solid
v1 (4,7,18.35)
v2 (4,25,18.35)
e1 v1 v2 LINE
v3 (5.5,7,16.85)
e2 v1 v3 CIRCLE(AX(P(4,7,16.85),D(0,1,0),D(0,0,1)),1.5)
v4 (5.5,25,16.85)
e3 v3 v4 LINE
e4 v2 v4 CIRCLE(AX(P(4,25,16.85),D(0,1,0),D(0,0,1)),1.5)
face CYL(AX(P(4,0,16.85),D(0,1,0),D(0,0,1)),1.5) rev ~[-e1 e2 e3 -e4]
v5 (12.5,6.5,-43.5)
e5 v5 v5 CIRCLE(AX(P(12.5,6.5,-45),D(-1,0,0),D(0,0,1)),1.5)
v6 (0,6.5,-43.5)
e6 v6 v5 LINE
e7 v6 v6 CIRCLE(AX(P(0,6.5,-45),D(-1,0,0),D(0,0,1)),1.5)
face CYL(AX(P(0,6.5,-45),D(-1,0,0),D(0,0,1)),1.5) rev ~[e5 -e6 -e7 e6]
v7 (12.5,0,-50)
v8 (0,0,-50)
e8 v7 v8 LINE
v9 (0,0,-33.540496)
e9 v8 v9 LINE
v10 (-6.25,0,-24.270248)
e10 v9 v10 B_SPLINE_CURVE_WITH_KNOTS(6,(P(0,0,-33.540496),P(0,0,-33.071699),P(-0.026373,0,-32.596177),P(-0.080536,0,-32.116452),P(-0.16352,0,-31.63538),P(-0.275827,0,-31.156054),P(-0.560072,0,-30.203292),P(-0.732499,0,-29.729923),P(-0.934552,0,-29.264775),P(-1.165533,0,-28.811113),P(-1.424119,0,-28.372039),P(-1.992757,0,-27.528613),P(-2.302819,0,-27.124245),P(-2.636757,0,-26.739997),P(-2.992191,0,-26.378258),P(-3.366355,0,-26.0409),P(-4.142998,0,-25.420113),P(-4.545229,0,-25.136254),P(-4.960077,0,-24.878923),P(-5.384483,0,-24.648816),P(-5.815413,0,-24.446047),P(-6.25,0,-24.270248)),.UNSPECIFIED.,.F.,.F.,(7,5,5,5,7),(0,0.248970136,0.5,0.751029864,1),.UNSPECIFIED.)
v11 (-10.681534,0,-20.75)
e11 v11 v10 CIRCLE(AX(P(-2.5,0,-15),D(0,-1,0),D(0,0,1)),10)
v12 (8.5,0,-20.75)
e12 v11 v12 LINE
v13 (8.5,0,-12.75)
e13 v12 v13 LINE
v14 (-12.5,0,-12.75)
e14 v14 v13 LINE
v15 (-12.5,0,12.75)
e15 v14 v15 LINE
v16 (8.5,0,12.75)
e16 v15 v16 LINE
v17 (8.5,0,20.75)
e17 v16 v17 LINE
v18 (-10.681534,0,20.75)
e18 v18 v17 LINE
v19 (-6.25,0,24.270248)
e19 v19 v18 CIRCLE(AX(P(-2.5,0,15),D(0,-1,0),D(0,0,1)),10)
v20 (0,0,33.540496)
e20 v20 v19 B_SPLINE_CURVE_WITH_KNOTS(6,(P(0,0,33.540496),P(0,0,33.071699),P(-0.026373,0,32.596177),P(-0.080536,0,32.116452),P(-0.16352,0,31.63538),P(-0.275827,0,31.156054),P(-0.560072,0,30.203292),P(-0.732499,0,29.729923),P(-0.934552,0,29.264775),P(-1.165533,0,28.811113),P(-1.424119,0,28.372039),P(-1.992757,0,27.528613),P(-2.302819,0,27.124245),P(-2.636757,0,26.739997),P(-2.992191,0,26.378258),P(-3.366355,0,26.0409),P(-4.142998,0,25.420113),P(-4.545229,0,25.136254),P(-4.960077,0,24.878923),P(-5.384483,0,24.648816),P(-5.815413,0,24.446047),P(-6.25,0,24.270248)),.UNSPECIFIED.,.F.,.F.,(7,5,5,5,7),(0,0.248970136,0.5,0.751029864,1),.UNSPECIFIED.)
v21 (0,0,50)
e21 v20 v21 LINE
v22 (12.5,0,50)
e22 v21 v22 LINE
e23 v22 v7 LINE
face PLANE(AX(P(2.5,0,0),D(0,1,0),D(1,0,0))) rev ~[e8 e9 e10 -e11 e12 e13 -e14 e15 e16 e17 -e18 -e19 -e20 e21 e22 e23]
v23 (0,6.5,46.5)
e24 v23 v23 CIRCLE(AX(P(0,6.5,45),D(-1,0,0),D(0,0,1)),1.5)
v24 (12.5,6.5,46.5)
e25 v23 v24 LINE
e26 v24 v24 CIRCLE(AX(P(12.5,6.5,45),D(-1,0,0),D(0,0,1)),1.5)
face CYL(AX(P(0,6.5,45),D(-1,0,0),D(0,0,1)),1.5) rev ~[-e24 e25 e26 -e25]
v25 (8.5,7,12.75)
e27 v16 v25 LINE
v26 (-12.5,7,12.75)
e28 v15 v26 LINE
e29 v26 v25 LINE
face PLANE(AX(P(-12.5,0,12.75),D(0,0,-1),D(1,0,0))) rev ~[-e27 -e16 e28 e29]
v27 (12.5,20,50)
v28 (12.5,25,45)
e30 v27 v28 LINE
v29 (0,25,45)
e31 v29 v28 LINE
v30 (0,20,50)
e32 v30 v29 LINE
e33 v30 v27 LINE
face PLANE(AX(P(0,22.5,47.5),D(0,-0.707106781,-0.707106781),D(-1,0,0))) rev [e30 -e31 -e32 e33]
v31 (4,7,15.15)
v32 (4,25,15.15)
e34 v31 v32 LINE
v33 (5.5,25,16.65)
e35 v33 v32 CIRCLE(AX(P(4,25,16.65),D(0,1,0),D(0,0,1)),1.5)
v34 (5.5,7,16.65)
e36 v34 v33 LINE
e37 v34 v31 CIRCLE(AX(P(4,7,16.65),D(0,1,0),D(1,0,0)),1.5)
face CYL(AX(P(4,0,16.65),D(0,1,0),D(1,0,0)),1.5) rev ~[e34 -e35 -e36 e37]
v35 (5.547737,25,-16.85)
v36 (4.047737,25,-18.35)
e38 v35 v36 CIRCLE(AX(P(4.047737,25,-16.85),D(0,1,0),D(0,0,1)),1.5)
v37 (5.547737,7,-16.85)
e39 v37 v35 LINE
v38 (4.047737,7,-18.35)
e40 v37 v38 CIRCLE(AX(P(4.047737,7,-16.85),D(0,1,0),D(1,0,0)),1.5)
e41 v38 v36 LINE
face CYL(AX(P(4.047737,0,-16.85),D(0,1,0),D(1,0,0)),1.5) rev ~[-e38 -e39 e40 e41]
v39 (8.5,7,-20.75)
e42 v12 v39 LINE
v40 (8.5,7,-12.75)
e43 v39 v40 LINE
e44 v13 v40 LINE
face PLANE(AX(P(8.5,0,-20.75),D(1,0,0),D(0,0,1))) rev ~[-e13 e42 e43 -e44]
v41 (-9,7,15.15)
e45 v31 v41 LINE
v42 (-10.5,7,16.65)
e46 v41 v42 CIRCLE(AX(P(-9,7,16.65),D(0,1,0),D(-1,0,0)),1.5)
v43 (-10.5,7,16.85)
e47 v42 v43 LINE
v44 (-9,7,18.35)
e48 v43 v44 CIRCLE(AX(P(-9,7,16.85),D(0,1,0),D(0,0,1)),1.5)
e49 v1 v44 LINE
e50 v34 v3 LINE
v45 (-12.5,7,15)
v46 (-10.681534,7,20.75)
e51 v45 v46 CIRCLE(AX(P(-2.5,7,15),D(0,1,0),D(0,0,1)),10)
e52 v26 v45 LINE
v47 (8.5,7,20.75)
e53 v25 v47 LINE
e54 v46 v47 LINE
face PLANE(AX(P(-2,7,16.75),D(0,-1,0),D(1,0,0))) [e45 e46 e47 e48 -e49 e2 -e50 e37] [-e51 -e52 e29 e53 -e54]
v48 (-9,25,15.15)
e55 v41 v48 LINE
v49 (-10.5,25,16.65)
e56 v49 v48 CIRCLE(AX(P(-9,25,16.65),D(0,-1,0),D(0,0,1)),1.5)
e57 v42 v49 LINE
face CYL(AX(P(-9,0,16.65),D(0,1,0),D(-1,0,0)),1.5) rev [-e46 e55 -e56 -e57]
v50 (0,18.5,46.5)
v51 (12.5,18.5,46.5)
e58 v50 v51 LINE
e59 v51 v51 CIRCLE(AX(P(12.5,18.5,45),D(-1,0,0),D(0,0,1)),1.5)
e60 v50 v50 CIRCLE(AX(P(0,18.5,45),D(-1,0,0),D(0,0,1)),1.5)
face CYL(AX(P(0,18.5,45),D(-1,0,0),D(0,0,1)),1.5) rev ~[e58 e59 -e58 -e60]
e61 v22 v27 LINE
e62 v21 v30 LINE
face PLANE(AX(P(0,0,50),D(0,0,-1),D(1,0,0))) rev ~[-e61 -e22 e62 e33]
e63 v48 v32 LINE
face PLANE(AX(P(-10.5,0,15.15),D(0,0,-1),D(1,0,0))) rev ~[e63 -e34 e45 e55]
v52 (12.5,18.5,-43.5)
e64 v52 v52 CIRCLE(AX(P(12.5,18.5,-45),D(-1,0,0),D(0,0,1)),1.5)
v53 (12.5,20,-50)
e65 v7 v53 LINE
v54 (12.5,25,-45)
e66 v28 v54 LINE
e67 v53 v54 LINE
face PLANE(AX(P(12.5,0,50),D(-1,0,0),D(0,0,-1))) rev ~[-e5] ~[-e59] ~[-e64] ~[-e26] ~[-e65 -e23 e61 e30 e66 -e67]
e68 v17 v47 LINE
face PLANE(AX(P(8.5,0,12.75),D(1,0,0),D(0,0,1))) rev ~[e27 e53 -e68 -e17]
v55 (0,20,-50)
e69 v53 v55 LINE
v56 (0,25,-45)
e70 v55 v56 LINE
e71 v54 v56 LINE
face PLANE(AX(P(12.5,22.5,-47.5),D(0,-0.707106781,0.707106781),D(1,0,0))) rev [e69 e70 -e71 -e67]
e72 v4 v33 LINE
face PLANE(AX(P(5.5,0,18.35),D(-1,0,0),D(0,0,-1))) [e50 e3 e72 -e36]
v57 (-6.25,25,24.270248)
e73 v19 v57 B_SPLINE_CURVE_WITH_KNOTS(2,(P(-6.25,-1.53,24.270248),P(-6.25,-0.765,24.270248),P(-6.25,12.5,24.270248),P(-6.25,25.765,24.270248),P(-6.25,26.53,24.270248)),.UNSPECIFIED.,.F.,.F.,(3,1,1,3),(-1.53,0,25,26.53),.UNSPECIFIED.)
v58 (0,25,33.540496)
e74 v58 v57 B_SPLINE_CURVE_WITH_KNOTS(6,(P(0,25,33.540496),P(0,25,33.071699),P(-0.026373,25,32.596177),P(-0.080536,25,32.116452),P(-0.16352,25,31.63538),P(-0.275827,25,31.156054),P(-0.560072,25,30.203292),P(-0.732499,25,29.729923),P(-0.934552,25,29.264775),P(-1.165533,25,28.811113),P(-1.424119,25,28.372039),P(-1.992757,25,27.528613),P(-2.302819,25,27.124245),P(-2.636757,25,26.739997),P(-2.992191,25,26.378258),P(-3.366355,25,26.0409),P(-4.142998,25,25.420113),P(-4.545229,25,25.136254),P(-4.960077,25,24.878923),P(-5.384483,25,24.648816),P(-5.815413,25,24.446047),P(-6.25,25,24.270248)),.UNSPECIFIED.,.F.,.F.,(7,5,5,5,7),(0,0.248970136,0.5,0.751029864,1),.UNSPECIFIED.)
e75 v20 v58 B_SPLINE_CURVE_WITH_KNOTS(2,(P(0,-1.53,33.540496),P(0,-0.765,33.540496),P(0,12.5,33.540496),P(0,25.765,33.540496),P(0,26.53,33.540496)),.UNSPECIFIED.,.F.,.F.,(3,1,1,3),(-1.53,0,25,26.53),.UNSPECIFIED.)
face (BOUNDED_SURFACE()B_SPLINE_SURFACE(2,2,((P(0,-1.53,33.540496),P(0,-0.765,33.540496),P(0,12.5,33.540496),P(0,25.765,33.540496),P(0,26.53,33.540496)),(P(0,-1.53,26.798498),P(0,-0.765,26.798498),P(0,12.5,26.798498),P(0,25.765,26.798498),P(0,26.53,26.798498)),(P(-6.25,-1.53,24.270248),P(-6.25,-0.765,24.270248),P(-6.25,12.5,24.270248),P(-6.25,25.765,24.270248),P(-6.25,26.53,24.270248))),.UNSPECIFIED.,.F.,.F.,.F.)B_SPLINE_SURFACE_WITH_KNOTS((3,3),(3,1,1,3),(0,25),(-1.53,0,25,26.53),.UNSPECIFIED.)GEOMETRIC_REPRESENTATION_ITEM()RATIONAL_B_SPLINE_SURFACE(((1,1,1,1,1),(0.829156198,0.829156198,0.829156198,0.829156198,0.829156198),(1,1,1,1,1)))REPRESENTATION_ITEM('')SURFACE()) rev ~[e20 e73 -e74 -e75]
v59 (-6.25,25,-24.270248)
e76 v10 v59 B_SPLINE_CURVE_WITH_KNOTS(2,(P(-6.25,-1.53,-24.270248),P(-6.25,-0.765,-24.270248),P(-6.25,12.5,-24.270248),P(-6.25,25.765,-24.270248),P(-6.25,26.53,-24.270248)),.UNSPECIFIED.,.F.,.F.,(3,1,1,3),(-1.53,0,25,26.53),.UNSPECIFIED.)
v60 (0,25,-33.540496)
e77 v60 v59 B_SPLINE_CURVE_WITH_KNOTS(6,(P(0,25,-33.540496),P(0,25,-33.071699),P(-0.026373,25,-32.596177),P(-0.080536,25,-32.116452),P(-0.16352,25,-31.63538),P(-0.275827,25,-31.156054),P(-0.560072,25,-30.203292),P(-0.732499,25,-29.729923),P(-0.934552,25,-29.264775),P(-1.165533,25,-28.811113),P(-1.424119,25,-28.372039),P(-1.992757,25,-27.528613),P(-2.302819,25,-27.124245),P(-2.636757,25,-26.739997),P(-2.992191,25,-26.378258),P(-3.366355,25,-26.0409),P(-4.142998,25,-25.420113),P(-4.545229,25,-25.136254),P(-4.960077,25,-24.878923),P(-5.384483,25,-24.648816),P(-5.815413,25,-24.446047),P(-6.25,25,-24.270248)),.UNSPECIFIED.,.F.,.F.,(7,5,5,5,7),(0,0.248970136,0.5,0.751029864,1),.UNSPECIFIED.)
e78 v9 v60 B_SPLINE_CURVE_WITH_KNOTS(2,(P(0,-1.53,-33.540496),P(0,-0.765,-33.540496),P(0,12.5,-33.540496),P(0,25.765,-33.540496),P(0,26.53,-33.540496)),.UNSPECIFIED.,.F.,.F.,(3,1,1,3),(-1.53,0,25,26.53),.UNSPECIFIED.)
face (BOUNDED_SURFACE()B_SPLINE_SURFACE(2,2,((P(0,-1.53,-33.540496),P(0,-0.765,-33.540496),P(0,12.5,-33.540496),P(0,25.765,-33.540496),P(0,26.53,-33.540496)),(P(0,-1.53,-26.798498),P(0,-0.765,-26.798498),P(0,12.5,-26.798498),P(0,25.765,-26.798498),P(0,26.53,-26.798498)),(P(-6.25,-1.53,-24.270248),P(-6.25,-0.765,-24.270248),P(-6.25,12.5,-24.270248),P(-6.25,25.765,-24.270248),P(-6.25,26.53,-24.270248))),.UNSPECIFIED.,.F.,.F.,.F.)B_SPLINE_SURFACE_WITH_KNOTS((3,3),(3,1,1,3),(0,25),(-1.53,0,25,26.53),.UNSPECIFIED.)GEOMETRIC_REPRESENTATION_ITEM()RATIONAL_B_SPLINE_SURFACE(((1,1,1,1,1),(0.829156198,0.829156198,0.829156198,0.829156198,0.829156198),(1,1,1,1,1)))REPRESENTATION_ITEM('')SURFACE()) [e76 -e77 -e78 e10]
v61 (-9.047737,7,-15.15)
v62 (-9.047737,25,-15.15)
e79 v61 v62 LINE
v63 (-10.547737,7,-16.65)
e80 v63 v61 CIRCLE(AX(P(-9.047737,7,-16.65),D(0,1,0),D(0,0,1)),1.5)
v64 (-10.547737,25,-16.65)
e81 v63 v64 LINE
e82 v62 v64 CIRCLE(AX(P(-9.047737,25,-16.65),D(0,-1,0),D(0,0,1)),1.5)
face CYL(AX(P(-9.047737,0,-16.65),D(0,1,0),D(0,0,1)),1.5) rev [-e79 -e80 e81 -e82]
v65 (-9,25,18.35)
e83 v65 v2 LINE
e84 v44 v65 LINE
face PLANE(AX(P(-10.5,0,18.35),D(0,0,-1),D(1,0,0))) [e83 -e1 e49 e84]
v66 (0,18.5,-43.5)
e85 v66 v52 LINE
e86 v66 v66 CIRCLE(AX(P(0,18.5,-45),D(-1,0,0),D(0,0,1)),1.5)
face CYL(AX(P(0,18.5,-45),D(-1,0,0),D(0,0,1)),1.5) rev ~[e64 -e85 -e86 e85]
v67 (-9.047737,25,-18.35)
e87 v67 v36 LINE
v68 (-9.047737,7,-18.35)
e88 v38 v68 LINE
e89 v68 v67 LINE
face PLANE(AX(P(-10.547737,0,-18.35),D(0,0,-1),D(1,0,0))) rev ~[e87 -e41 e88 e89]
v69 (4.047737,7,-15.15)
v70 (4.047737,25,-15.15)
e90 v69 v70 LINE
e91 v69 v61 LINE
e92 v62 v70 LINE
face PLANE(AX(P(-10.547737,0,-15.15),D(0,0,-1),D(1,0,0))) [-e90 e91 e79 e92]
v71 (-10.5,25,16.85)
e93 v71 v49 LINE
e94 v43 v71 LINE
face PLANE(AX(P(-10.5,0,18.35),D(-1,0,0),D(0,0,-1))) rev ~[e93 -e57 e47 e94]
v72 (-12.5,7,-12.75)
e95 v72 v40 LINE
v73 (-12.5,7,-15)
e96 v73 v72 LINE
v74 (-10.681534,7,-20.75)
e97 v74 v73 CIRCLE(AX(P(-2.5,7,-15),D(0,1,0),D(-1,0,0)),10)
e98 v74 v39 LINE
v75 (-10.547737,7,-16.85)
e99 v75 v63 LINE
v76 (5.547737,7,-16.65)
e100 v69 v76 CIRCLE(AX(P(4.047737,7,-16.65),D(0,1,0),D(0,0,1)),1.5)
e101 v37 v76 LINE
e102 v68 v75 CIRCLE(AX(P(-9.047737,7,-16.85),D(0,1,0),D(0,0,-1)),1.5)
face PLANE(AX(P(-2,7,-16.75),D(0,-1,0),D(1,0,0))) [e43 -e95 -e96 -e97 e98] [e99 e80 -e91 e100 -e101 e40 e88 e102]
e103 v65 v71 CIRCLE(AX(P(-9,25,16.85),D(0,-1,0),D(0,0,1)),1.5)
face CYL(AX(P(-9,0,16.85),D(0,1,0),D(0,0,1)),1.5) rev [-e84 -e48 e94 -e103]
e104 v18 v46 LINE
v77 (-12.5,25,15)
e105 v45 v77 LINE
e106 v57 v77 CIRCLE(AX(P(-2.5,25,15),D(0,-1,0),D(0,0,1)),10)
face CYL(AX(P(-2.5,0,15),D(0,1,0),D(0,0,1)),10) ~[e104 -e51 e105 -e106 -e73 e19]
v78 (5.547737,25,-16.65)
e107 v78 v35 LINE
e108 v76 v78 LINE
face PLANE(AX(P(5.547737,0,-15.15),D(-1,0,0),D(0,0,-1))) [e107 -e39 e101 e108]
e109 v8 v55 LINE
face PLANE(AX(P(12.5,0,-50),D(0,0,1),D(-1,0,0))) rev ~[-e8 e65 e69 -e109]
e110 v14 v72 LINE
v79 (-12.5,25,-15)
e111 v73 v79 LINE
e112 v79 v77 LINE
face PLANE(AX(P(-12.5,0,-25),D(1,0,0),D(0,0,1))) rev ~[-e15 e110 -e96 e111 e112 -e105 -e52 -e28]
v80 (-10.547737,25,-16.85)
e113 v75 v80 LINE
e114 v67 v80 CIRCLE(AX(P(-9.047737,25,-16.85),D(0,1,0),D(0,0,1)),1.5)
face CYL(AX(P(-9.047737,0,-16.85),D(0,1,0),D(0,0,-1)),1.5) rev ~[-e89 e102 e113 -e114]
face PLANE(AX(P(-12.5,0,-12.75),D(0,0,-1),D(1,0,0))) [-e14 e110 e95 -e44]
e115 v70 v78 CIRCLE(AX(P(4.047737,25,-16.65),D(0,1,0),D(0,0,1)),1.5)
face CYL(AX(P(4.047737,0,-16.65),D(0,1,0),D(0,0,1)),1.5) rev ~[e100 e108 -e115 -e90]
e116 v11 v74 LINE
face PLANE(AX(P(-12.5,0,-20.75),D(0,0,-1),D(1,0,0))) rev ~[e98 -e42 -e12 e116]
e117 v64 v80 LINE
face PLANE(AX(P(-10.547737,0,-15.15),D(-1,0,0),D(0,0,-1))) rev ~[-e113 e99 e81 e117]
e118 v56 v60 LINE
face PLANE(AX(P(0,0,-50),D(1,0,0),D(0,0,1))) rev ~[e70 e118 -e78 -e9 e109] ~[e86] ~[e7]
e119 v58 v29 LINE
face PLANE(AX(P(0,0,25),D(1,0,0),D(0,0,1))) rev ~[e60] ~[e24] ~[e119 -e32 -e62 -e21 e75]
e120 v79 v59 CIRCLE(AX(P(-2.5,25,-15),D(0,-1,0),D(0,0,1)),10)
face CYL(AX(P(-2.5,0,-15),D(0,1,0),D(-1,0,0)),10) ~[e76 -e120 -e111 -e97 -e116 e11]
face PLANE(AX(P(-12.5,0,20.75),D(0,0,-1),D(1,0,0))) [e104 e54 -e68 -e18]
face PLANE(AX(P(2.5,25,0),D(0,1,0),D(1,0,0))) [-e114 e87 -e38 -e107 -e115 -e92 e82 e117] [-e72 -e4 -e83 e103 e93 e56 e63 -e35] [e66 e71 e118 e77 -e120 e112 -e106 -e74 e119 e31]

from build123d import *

# Parameters (mm, degrees)
SKETCH_1_W          = 16
SKETCH_1_H          = 3.2
SKETCH_1_W_2        = 16.095473014
EXTRUDE_1_DEPTH     = 25
SKETCH_2_R          = 1.5
CUT_EXTRUDE_1_DEPTH = 13.5
SKETCH_3_R          = 1.5
CUT_EXTRUDE_2_DEPTH = 13.5
FILLET_6_R          = 10
FILLET_7_R          = 1.5
CHAMFER_1_SIZE      = 5
FILLET_8_R          = 10
SKETCH1_W           = 21
SKETCH1_H           = 8
CUT_EXTRUDE1_DEPTH  = 7


with BuildPart() as part:
    # Эскиз1 → Бобышка-Вытянуть1 (new body)
    with BuildSketch(Plane(origin=(0, 0, 0), x_dir=(1, 0, 0), z_dir=(0, 1, 0))):
        Polygon((-12.5, -25), (0, -25), (0, -50), (12.5, -50), (12.5, 50), (0, 50), (0, 25), (-12.5, 25), align=None)
        with Locations((-2.5, -16.75)):
            Rectangle(SKETCH_1_W, SKETCH_1_H, mode=Mode.SUBTRACT)
        with Locations((-2.5, 16.75)):
            Rectangle(SKETCH_1_W_2, SKETCH_1_H, mode=Mode.SUBTRACT)
    extrude(amount=EXTRUDE_1_DEPTH)

    # Эскиз2 → Вырез-Вытянуть1 (cut, through all)
    with BuildSketch(Plane.ZY):
        with Locations((-45, 6.5)):
            Circle(SKETCH_2_R)
        with Locations((-45, 18.5)):
            Circle(SKETCH_2_R)
    extrude(amount=-CUT_EXTRUDE_1_DEPTH, mode=Mode.SUBTRACT)

    # Эскиз3 → Вырез-Вытянуть2 (cut, through all)
    with BuildSketch(Plane.ZY):
        with Locations((45, 6.5)):
            Circle(SKETCH_3_R)
        with Locations((45, 18.5)):
            Circle(SKETCH_3_R)
    extrude(amount=-CUT_EXTRUDE_2_DEPTH, mode=Mode.SUBTRACT)

    # Скругление6
    fillet_6_edges = [part.edges().sort_by_distance(p)[0] for p in [
        (-12.5, 12.5, 25),
        (-12.5, 12.5, -25),
    ]]
    fillet(fillet_6_edges, radius=FILLET_6_R)

    # Скругление7
    fillet_7_edges = [part.edges().sort_by_distance(p)[0] for p in [
        (-10.5, 12.5, 15.15),
        (-10.5, 12.5, 18.35),
        (5.5, 12.5, 18.35),
        (5.5, 12.5, 15.15),
        (-10.547736507, 12.5, -18.35),
        (-10.547736507, 12.5, -15.15),
        (5.547736507, 12.5, -15.15),
        (5.547736507, 12.5, -18.35),
    ]]
    fillet(fillet_7_edges, radius=FILLET_7_R)

    # Фаска1
    chamfer_1_edges = [part.edges().sort_by_distance(p)[0] for p in [
        (6.25, 25, 50),
        (6.25, 25, -50),
    ]]
    chamfer(chamfer_1_edges, length=CHAMFER_1_SIZE)

    # Скругление8
    fillet_8_edges = [part.edges().sort_by_distance(p)[0] for p in [
        (0, 12.5, 25),
        (0, 12.5, -25),
    ]]
    fillet(fillet_8_edges, radius=FILLET_8_R)

    # Sketch1 → Cut-Extrude1 (cut)
    with BuildSketch(Plane.XZ):
        with Locations((-2, 16.75)):
            Rectangle(SKETCH1_W, SKETCH1_H)
        with Locations((-2, -16.75)):
            Rectangle(SKETCH1_W, SKETCH1_H)
    extrude(amount=-CUT_EXTRUDE1_DEPTH, mode=Mode.SUBTRACT)


solid = part.part
